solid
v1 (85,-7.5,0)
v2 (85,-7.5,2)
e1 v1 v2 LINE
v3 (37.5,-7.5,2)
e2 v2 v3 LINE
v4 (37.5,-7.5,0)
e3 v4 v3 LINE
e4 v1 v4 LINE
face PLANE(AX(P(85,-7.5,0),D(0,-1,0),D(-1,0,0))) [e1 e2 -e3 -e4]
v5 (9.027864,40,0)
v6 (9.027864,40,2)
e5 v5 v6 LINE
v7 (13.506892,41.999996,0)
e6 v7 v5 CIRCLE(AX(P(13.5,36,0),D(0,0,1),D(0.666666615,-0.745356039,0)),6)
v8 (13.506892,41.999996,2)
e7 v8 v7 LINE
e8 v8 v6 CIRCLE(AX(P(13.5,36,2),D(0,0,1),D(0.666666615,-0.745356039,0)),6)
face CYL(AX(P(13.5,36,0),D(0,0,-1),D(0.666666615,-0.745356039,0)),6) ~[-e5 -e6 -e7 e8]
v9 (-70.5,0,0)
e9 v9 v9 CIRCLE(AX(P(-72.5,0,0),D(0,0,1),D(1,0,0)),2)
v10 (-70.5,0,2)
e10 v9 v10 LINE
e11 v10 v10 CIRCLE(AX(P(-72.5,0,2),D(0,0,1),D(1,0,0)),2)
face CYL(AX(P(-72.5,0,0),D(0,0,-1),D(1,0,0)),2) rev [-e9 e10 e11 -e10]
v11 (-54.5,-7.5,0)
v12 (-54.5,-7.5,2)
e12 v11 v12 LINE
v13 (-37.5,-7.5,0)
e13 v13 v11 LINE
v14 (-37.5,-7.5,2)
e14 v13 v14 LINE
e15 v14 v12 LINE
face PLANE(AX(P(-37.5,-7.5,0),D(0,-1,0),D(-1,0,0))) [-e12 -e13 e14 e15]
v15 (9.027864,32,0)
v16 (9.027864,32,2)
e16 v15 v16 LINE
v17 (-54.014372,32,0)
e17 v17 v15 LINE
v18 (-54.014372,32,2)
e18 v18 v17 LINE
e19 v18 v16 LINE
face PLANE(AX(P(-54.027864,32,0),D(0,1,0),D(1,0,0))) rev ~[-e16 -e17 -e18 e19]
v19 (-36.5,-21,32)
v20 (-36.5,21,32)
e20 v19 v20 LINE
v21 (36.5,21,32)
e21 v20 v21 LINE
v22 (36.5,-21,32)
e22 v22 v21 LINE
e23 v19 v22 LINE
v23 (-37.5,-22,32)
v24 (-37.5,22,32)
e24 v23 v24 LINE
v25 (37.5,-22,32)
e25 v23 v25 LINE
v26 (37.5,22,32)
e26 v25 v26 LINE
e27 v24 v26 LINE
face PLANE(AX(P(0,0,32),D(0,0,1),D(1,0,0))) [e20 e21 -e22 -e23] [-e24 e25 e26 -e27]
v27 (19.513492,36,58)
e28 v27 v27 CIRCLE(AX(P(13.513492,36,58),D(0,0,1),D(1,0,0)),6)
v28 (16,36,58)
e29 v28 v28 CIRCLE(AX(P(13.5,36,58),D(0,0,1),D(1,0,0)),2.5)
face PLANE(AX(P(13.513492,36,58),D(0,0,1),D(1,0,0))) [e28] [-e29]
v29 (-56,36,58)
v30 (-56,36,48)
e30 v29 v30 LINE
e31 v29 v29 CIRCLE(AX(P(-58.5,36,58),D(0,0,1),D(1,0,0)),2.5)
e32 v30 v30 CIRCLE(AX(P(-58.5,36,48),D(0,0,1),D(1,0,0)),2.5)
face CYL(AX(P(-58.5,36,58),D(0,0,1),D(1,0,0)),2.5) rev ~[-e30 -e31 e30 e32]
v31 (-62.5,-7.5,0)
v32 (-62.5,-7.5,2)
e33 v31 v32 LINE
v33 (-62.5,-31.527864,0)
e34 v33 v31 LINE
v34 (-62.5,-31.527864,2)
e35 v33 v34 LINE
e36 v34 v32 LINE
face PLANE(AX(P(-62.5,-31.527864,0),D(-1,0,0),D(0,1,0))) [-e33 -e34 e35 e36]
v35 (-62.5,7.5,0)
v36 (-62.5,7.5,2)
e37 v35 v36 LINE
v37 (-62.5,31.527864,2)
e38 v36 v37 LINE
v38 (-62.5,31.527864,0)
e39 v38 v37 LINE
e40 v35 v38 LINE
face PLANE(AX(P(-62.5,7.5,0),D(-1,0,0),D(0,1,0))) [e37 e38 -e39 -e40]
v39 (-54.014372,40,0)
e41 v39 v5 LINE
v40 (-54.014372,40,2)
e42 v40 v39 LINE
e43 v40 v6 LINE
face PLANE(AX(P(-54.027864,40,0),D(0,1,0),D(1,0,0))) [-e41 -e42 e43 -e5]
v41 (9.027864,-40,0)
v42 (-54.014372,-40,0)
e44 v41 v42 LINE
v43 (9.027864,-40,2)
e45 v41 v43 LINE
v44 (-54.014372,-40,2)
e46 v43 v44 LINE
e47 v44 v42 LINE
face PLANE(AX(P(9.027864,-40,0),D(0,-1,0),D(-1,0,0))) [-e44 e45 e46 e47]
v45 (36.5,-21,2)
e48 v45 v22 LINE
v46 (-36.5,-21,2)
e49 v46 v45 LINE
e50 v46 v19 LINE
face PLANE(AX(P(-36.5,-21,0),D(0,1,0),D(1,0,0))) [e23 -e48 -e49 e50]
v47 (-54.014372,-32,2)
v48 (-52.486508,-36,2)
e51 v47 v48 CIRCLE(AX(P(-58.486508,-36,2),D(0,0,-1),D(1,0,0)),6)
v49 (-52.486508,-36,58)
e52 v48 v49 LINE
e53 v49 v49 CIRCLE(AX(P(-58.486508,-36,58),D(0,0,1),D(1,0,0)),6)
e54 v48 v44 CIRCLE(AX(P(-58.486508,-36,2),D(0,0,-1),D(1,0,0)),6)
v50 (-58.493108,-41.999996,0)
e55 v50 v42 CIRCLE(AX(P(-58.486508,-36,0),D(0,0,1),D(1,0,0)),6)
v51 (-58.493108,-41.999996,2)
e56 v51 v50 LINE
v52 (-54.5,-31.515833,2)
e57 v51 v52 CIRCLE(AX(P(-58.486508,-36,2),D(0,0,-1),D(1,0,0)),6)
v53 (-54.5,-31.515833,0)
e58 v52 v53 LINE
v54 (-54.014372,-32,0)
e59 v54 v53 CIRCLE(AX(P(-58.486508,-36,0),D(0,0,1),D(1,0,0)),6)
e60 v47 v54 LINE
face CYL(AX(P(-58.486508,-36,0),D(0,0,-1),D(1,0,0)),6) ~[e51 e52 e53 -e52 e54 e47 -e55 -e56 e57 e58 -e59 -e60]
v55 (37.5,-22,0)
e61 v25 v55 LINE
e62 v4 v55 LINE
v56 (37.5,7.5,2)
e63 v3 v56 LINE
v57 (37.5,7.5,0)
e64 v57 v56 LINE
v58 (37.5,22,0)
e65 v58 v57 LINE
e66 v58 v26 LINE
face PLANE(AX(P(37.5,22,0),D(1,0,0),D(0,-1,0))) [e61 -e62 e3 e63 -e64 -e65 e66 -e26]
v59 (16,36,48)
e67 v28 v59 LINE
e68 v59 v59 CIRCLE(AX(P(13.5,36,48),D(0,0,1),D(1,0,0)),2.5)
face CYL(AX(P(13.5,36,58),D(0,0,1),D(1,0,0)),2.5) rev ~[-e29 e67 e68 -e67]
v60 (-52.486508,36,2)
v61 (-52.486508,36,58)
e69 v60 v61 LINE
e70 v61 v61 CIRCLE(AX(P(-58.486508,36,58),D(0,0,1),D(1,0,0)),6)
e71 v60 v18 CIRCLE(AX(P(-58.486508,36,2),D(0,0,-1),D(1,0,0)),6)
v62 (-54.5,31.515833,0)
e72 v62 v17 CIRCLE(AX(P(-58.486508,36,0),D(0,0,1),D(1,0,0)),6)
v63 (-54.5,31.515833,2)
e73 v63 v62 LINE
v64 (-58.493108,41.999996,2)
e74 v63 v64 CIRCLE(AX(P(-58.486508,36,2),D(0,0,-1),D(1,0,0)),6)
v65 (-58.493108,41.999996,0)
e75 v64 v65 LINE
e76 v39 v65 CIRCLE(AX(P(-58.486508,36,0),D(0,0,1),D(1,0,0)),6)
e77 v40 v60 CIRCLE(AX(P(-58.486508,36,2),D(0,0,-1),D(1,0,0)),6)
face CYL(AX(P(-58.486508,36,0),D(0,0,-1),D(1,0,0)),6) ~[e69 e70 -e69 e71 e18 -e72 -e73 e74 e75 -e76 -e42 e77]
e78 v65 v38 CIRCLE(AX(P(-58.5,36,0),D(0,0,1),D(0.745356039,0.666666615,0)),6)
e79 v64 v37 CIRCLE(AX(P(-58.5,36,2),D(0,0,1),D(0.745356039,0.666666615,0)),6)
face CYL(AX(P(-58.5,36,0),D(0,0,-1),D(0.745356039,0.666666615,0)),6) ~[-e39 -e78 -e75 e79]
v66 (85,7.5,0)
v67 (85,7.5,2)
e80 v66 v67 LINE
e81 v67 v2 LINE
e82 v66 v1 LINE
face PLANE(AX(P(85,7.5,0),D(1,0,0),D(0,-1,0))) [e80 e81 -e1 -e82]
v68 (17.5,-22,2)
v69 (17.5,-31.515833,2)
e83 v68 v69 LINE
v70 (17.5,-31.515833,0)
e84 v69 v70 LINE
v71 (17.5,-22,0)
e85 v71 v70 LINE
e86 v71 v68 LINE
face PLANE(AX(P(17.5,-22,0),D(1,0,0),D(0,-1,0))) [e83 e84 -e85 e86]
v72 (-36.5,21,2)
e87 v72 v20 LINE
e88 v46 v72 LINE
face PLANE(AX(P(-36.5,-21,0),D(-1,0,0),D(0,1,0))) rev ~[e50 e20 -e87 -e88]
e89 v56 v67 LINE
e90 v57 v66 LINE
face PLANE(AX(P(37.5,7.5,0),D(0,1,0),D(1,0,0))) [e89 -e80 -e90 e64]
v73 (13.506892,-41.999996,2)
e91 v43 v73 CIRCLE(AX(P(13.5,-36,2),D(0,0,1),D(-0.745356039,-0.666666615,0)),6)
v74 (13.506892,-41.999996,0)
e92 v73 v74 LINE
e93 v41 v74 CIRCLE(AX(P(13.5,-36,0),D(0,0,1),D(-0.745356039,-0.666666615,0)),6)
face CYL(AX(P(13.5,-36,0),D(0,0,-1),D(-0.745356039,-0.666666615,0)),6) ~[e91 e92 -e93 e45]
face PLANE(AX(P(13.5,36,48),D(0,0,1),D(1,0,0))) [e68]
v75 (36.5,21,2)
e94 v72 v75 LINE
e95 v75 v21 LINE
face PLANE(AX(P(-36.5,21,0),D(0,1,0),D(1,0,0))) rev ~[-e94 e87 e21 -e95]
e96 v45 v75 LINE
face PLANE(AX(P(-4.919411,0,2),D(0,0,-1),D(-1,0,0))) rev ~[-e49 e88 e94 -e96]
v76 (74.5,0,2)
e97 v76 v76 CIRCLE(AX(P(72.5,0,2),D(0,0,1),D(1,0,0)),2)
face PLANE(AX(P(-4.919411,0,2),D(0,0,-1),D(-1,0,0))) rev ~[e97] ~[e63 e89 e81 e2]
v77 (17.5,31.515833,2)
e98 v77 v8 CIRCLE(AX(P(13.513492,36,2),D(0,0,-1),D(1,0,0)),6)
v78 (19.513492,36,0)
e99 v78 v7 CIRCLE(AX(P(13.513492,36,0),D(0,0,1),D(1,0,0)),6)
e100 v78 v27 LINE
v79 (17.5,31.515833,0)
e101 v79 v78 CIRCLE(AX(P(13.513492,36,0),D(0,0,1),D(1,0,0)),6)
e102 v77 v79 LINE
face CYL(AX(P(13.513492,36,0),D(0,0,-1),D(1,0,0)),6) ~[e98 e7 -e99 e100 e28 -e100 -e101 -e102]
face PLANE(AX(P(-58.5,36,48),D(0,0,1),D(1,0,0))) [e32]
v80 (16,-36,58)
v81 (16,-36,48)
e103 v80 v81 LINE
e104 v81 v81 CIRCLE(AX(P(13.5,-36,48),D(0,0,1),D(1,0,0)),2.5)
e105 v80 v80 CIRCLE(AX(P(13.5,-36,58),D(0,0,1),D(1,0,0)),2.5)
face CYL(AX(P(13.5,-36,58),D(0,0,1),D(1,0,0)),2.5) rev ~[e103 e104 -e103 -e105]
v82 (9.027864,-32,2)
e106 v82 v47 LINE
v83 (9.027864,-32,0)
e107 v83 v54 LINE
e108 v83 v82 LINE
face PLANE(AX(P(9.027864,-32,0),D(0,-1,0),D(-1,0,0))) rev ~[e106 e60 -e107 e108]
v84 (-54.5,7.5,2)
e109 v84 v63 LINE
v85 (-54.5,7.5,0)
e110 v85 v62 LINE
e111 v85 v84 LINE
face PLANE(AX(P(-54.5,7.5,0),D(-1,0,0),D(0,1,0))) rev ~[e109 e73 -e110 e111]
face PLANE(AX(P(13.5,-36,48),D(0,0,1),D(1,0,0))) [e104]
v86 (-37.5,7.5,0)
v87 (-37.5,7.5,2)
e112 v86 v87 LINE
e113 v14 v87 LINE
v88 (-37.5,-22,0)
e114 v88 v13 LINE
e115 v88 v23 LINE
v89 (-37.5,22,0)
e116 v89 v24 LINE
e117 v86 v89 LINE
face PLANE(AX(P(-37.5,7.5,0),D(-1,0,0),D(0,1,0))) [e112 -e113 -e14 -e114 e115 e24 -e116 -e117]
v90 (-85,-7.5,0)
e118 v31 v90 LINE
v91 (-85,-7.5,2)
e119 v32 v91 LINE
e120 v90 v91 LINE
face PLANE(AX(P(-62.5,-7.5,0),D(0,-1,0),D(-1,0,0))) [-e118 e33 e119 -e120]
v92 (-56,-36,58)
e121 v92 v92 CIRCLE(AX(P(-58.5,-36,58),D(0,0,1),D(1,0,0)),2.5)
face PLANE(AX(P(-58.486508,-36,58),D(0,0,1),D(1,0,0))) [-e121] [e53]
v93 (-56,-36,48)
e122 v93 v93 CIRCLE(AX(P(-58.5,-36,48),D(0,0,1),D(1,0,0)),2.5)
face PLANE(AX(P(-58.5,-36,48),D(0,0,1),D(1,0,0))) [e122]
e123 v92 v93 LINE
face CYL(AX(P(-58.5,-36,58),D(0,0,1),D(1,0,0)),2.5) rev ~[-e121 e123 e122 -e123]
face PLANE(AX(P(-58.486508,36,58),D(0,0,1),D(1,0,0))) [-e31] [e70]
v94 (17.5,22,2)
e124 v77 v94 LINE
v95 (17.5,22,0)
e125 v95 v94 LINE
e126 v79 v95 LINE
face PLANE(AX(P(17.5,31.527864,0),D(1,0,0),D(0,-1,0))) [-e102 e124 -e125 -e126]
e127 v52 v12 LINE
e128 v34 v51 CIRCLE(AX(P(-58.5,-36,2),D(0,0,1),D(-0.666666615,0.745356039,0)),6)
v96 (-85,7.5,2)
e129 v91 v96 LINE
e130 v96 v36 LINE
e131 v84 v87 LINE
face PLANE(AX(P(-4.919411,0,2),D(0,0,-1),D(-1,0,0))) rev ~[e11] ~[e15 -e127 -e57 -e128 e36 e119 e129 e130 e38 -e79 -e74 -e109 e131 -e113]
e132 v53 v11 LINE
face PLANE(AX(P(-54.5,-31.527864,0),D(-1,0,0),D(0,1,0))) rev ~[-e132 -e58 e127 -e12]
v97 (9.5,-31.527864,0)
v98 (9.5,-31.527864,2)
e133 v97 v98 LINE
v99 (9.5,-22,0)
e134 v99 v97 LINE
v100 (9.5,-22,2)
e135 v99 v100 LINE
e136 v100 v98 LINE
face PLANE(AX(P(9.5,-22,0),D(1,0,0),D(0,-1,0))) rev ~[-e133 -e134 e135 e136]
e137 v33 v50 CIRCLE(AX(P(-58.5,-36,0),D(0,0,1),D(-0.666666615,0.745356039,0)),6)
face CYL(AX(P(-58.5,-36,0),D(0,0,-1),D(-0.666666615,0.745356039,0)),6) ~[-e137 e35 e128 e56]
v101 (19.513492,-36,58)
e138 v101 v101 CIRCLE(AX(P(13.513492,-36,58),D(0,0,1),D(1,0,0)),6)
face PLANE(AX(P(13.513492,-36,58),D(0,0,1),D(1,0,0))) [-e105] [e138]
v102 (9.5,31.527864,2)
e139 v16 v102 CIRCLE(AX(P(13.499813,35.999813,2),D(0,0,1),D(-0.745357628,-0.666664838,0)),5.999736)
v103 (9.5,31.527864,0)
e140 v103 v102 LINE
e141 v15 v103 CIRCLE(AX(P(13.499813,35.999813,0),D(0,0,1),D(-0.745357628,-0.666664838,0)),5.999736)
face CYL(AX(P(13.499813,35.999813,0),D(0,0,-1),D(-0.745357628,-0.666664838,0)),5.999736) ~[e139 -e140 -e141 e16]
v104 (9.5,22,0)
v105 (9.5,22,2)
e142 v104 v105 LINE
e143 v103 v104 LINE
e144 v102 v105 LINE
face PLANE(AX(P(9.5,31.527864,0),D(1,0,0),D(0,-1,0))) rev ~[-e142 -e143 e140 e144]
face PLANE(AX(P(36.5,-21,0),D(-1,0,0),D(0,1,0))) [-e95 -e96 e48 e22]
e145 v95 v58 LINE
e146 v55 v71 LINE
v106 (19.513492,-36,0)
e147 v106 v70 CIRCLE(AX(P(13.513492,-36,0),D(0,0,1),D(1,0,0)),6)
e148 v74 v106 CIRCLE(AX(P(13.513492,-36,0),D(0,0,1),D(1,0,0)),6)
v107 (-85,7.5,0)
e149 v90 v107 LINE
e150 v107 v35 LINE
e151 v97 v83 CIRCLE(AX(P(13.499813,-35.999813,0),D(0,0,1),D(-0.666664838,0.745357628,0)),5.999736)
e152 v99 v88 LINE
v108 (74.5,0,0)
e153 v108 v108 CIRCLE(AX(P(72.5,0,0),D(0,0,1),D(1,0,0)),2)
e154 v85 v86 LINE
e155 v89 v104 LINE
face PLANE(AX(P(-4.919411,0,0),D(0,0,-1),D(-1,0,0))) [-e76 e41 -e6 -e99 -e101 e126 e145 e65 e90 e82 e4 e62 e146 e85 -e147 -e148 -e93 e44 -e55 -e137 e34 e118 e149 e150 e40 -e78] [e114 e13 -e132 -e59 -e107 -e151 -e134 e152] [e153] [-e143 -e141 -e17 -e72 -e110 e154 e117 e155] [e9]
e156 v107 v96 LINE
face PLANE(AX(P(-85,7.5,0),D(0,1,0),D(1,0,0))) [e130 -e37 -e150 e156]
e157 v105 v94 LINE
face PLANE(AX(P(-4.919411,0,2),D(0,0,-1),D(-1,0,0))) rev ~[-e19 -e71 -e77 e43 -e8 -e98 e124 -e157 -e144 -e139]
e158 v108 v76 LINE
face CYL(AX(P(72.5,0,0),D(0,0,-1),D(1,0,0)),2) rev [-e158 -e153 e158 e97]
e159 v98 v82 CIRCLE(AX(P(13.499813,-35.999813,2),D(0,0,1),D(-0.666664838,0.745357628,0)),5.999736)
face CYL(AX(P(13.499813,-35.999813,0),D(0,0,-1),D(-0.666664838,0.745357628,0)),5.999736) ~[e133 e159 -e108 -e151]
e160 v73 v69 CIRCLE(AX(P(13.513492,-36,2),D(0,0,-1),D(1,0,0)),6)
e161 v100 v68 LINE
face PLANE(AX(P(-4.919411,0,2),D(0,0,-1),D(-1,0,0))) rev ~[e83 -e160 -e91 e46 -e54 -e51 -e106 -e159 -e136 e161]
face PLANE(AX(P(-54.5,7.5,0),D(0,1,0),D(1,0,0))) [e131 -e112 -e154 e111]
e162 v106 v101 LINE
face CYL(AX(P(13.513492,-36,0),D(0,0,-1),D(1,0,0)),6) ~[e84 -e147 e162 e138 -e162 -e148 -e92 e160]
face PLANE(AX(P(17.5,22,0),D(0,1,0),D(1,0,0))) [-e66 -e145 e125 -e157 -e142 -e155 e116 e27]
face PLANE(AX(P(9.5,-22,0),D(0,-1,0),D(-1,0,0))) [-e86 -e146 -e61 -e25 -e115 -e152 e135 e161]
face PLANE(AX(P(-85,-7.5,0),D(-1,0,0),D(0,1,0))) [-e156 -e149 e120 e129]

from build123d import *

# Parameters (mm, degrees)
SKETCH_R      = 2
PAD_DEPTH     = 2
SKETCH001_W   = 75
SKETCH001_H   = 44
SKETCH001_W_2 = 73
SKETCH001_H_2 = 42
PAD001_DEPTH  = 32
SKETCH002_R   = 6
PAD002_DEPTH  = 58
SKETCH003_R   = 2.5
POCKET_DEPTH  = 10


with BuildPart() as part:
    # Sketch → Pad (new body)
    with BuildSketch(Plane.XY):
        with BuildLine():
            Line((37.5, 22), (37.5, 7.5))
            Line((37.5, 7.5), (85, 7.5))
            Line((85, 7.5), (85, -7.5))
            Line((85, -7.5), (37.5, -7.5))
            Line((37.5, -7.5), (37.5, -22))
            Line((37.5, -22), (17.5, -22))
            Line((17.5, -22), (17.5, -31.527864))
            ThreePointArc((9.027864, -40), (17.742641, -40.242641), (17.5, -31.527864))
            Line((9.027864, -40), (-54.027864, -40))
            ThreePointArc((-62.5, -31.527864), (-62.742641, -40.242641), (-54.027864, -40))
            Line((-62.5, -31.527864), (-62.5, -7.5))
            Line((-62.5, -7.5), (-85, -7.5))
            Line((-85, -7.5), (-85, 7.5))
            Line((-85, 7.5), (-62.5, 7.5))
            Line((-62.5, 7.5), (-62.5, 31.527864))
            ThreePointArc((-54.027864, 40), (-62.742641, 40.242641), (-62.5, 31.527864))
            Line((-54.027864, 40), (9.027864, 40))
            ThreePointArc((17.5, 31.527864), (17.742641, 40.242641), (9.027864, 40))
            Line((17.5, 31.527864), (17.5, 22))
            Line((17.5, 22), (37.5, 22))
        make_face()
        with Locations((-72.5, 0)):
            Circle(SKETCH_R, mode=Mode.SUBTRACT)
        with Locations((72.5, 0)):
            Circle(SKETCH_R, mode=Mode.SUBTRACT)
        with BuildLine():
            Line((-37.5, 22), (9.5, 22))
            Line((9.5, 31.527864), (9.5, 22))
            ThreePointArc((9.027864, 32), (9.257359, 31.757359), (9.5, 31.527864))
            Line((-54.027864, 32), (9.027864, 32))
            ThreePointArc((-54.5, 31.527864), (-54.257359, 31.757359), (-54.027864, 32))
            Line((-54.5, 7.5), (-54.5, 31.527864))
            Line((-54.5, 7.5), (-37.5, 7.5))
            Line((-37.5, 7.5), (-37.5, 22))
        make_face(mode=Mode.SUBTRACT)
        with BuildLine():
            Line((-37.5, -22), (-37.5, -7.5))
            Line((-37.5, -7.5), (-54.5, -7.5))
            Line((-54.5, -31.527864), (-54.5, -7.5))
            ThreePointArc((-54.027864, -32), (-54.257359, -31.757359), (-54.5, -31.527864))
            Line((9.027864, -32), (-54.027864, -32))
            ThreePointArc((9.5, -31.527864), (9.257359, -31.757359), (9.027864, -32))
            Line((9.5, -22), (9.5, -31.527864))
            Line((9.5, -22), (-37.5, -22))
        make_face(mode=Mode.SUBTRACT)
    extrude(amount=PAD_DEPTH)

    # Sketch001 → Pad001 (join)
    with BuildSketch(Plane.XY):
        Rectangle(SKETCH001_W, SKETCH001_H)
        Rectangle(SKETCH001_W_2, SKETCH001_H_2, mode=Mode.SUBTRACT)
    extrude(amount=PAD001_DEPTH)

    # Sketch002 → Pad002 (join)
    with BuildSketch(Plane.XY):
        with Locations((-58.486508, 36)):
            Circle(SKETCH002_R)
        with Locations((13.513492, 36)):
            Circle(SKETCH002_R)
        with Locations((-58.486508, -36)):
            Circle(SKETCH002_R)
        with Locations((13.513492, -36)):
            Circle(SKETCH002_R)
    extrude(amount=PAD002_DEPTH)

    # Sketch003 (on Face43 of Pad002) → Pocket (cut)
    with BuildSketch(Plane.XY.offset(58)):
        with Locations((-58.5, 36)):
            Circle(SKETCH003_R)
        with Locations((-58.5, -36)):
            Circle(SKETCH003_R)
        with Locations((13.5, -36)):
            Circle(SKETCH003_R)
        with Locations((13.5, 36)):
            Circle(SKETCH003_R)
    extrude(amount=-POCKET_DEPTH, mode=Mode.SUBTRACT)


solid = part.part
